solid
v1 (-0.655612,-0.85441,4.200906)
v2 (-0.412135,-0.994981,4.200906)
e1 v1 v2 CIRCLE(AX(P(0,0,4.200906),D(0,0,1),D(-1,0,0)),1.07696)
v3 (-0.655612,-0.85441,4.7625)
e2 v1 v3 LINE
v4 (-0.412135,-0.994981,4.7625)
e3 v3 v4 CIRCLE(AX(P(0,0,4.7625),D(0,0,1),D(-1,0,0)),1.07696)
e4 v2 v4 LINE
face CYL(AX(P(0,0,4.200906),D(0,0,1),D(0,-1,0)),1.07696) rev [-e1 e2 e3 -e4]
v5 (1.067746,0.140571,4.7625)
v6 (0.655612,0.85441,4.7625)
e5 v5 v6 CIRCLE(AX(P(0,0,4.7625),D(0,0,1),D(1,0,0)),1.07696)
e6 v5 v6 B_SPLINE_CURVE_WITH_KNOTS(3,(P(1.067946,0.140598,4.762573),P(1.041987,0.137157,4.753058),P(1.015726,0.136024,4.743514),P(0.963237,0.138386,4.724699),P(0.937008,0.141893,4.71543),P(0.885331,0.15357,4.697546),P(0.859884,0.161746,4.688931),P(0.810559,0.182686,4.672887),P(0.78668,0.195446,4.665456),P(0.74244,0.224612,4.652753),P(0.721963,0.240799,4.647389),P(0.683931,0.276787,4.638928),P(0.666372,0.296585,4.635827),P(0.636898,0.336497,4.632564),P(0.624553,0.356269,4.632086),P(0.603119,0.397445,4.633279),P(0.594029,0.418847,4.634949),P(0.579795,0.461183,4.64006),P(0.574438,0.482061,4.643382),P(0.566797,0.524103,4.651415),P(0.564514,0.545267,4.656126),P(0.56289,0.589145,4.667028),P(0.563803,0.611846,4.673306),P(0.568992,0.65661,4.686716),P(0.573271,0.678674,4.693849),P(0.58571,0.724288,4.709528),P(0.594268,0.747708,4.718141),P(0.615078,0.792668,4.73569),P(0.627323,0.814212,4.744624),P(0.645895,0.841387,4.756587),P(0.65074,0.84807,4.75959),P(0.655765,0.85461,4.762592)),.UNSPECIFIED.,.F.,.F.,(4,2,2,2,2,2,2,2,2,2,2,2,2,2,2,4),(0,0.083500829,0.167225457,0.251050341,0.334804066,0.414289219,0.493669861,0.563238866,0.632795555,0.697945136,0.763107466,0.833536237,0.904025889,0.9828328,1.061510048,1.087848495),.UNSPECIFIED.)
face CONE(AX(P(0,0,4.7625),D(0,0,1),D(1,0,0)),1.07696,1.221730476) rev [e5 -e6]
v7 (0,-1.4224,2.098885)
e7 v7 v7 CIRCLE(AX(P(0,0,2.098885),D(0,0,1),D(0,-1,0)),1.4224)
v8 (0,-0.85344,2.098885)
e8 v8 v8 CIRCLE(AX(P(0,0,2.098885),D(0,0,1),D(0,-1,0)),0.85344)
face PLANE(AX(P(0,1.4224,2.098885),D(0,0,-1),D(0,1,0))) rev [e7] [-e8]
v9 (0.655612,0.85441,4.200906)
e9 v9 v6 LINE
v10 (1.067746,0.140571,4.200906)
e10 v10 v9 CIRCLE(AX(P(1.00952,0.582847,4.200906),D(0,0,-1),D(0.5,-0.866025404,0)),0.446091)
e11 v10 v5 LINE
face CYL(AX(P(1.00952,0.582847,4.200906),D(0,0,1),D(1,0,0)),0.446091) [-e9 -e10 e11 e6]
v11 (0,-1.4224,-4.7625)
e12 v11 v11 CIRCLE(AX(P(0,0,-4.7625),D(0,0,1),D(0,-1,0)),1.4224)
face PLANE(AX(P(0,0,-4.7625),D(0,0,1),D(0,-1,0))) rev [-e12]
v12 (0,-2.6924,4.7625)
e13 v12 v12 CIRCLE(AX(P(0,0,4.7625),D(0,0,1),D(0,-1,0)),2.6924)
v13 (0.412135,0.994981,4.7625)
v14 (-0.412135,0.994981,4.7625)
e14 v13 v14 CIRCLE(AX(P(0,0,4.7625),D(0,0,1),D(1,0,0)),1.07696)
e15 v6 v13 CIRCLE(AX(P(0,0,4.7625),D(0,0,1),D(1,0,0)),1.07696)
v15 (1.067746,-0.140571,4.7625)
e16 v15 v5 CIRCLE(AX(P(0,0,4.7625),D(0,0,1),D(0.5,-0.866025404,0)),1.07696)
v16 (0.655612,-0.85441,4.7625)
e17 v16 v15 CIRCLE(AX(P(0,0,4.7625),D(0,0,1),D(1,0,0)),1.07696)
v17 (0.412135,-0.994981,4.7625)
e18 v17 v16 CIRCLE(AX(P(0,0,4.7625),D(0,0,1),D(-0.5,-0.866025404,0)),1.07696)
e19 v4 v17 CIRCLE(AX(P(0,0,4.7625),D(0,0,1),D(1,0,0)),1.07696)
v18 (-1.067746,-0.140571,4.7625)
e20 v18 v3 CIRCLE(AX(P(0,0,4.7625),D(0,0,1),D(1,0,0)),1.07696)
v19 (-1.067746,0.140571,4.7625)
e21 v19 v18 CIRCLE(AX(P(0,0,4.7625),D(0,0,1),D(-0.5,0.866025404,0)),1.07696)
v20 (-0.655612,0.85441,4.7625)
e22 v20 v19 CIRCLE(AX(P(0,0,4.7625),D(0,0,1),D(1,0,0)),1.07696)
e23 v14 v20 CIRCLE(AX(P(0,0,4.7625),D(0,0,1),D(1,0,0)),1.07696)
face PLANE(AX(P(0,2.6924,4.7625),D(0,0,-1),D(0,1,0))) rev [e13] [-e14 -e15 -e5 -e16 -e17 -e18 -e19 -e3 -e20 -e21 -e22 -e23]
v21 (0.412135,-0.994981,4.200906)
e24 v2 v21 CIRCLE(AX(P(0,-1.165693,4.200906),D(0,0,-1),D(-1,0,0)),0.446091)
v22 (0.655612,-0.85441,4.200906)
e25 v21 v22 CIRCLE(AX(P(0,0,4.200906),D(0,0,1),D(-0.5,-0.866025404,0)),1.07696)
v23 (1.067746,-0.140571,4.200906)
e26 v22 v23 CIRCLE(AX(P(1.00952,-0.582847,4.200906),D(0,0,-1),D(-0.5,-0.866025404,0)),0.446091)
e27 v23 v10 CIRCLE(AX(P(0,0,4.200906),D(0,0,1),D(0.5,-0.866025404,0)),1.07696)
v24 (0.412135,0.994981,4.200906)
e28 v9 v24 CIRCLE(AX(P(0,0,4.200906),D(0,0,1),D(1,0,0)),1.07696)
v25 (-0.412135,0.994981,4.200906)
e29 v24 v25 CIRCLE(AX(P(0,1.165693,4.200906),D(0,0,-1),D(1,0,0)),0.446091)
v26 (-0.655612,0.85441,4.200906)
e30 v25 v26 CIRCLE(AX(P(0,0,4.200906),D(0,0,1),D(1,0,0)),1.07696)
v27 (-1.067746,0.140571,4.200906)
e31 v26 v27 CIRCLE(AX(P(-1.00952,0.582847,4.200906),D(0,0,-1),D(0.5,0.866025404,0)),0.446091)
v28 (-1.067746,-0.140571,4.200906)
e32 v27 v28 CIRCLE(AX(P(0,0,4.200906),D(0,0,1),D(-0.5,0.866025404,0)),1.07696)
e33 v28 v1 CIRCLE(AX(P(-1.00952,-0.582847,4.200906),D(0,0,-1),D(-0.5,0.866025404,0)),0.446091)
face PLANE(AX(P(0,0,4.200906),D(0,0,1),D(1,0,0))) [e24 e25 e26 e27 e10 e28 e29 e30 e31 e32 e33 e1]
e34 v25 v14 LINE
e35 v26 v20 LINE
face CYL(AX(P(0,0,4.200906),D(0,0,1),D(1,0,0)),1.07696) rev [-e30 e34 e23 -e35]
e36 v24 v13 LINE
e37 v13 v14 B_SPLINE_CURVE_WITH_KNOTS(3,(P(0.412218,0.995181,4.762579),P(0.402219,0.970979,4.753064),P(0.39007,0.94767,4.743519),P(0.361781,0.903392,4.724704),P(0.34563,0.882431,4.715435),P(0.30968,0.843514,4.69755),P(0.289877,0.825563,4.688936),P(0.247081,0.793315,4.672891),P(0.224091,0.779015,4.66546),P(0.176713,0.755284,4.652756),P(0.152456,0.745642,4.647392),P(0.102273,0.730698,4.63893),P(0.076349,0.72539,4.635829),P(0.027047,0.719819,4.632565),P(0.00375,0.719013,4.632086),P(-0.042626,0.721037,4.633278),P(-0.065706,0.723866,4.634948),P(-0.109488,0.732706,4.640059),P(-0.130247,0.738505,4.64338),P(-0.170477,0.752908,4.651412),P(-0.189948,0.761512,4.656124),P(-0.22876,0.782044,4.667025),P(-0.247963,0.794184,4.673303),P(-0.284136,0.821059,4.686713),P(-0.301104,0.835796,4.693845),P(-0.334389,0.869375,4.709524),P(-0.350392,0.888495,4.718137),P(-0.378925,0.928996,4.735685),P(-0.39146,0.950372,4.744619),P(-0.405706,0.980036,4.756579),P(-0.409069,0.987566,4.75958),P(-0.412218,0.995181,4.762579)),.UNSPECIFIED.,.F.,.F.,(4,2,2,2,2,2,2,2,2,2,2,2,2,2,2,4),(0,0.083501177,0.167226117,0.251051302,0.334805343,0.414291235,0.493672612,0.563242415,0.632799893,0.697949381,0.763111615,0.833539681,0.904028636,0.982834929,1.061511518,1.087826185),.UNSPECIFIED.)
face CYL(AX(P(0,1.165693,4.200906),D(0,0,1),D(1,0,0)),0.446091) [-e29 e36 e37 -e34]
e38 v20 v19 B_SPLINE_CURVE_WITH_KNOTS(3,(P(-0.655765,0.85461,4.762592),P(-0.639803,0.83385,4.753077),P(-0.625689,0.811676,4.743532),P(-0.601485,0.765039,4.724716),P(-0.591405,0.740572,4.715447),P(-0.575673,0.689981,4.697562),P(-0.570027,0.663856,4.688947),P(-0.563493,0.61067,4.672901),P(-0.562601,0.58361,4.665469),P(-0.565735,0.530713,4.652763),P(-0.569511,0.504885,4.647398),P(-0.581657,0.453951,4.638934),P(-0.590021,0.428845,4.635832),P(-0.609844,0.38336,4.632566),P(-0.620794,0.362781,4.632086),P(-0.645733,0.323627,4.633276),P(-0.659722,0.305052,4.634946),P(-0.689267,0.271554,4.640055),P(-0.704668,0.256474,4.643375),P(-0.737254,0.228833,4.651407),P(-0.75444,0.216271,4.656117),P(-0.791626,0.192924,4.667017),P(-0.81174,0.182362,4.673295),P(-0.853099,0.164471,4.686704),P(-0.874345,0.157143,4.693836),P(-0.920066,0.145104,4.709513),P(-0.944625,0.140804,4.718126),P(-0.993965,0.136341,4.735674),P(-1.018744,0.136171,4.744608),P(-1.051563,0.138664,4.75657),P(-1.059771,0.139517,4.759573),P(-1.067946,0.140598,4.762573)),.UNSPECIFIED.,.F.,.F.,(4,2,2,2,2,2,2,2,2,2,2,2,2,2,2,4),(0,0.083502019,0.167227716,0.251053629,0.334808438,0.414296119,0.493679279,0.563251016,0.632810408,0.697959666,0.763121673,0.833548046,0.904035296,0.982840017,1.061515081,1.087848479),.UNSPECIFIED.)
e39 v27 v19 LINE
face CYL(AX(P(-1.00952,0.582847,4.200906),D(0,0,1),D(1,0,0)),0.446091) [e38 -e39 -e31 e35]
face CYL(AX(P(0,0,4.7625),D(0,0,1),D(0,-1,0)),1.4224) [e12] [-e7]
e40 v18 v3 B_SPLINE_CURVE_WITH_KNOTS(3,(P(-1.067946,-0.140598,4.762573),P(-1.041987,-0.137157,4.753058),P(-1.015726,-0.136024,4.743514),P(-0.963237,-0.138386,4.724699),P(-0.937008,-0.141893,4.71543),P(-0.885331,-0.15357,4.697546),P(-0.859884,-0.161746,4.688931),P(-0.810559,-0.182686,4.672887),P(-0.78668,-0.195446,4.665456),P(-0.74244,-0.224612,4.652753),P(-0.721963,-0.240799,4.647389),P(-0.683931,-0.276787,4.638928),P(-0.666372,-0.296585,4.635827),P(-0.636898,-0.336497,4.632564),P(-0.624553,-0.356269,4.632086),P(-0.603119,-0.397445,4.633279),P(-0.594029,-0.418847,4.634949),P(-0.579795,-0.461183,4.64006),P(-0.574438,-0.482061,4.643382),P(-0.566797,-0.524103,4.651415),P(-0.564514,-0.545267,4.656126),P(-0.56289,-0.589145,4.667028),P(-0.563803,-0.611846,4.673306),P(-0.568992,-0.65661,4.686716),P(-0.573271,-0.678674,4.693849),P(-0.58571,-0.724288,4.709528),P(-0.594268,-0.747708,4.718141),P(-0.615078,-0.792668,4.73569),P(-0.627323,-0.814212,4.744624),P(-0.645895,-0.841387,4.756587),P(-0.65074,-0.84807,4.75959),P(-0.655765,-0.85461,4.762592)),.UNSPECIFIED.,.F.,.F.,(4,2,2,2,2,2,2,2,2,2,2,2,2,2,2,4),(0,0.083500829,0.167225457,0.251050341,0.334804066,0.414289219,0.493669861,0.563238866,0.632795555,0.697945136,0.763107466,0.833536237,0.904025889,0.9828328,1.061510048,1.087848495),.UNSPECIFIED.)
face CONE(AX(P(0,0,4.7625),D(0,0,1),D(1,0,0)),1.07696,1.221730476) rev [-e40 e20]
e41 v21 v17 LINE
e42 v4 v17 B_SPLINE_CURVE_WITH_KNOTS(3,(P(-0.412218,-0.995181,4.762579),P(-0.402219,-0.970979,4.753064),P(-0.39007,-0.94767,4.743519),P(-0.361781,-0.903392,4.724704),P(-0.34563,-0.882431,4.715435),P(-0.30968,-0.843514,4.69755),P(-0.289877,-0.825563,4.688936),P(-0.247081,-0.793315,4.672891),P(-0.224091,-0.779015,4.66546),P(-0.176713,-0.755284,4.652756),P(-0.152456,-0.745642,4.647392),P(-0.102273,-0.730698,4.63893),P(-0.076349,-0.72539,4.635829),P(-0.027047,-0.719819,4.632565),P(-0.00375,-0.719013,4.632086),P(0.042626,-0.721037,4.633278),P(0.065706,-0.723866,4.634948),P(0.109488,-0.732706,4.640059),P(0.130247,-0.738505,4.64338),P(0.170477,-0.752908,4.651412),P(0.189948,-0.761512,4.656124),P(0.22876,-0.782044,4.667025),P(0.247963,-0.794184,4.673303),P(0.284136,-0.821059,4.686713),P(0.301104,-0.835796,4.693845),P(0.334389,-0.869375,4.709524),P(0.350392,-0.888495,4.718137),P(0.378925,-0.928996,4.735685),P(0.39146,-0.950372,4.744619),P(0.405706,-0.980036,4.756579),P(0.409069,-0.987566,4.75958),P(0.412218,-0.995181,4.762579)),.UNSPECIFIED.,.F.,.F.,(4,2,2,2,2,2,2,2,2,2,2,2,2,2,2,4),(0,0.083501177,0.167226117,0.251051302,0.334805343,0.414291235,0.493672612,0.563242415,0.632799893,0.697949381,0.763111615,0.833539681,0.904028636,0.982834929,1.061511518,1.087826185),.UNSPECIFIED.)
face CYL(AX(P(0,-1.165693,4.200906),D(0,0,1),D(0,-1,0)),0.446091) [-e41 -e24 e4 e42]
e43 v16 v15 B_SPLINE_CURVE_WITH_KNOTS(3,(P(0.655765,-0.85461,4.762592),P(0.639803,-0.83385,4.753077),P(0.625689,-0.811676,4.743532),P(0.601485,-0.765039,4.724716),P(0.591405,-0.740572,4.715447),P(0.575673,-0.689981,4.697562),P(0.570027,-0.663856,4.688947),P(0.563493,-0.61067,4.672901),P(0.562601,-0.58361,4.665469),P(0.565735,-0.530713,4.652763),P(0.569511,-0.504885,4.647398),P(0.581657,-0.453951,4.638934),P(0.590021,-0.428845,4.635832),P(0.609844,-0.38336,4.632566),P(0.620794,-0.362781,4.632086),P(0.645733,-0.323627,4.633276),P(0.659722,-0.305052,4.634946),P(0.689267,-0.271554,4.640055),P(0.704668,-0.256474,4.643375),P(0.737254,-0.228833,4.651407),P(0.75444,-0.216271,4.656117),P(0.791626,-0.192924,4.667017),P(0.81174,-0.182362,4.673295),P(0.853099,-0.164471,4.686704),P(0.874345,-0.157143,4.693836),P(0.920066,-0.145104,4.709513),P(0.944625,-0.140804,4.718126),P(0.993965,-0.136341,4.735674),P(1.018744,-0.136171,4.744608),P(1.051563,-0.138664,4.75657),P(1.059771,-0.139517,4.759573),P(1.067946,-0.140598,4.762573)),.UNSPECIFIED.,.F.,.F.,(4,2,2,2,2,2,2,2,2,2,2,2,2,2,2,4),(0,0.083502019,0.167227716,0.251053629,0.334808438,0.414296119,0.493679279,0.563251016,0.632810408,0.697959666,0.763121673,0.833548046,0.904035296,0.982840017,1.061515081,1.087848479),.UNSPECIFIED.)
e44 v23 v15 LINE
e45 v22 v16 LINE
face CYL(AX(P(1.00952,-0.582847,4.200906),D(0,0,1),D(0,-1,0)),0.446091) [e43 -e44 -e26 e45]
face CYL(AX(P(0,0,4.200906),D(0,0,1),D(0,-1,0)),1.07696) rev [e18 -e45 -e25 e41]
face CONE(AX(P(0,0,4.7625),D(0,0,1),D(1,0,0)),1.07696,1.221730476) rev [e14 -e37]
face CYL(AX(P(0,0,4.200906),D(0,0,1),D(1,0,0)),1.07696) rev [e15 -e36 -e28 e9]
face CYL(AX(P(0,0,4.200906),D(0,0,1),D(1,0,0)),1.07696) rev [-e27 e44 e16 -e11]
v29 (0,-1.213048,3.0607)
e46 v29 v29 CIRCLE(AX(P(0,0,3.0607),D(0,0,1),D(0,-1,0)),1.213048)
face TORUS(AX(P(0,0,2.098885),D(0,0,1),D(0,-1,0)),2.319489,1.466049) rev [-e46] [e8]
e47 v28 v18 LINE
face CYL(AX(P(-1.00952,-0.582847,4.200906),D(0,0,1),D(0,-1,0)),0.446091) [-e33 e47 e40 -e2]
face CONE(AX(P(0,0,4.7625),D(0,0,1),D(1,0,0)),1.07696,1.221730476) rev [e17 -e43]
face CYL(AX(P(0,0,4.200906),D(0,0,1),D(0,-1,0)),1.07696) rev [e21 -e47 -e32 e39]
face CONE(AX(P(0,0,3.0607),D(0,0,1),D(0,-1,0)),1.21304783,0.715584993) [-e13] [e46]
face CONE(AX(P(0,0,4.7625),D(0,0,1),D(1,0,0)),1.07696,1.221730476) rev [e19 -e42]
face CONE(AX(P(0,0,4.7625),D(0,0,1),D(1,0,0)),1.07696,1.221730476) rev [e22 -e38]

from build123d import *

# Parameters (mm, degrees)
CUT_EXTRUDE14_DEPTH = 0.561594
CIRPATTERN1_COUNT   = 6


with BuildPart() as part:
    # Sketch3 → Revolve1 (revolve)
    with BuildSketch(Plane(origin=(0, 0, 0), x_dir=(0, 0, -1), z_dir=(1, 0, 0)), mode=Mode.PRIVATE) as revolve1_sk:
        with BuildLine():
            Line((-2.09888517, 1.4224), (-2.09888517, 0.85344))
            ThreePointArc((-2.09888517, 0.85344), (-2.612306429, 0.946281688), (-3.0607, 1.21304783))
            Line((-3.0607, 1.21304783), (-4.7625, 2.6924))
            Line((-4.7625, 2.6924), (-4.7625, 0))
            Line((-4.7625, 0), (4.7625, 0))
            Line((4.7625, 0), (4.7625, 1.4224))
            Line((4.7625, 1.4224), (-2.09888517, 1.4224))
        make_face()
    revolve(revolve1_sk.sketch.rotate(Axis((0, 0, 4.7625), (0, 0, -1)), 180), axis=Axis((0, 0, 4.7625), (0, 0, -1)))

    # Sketch21 → Cut-Extrude14 (cut)
    with BuildSketch(Plane.XY.offset(4.7625)):
        with BuildLine():
            Line((0, 0), (-0.53848, 0.932674719))
            ThreePointArc((-0.53848, 0.932674719), (-0.476327228, 0.965896068), (-0.412134749, 0.994981301))
            ThreePointArc((-0.412134749, 0.994981301), (0, 0.719601666), (0.412134749, 0.994981301))
            ThreePointArc((0.412134749, 0.994981301), (0.476327228, 0.965896068), (0.53848, 0.932674719))
            Line((0.53848, 0.932674719), (0, 0))
        make_face()
    cut_extrude14 = extrude(amount=-CUT_EXTRUDE14_DEPTH, mode=Mode.SUBTRACT)

    # CirPattern1: Cut-Extrude14 ×6 about axis
    cirpattern1_axis = Axis((0, 0, 0), (0, 0, 1))
    for i in range(1, CIRPATTERN1_COUNT):
        add(cut_extrude14.rotate(cirpattern1_axis, i * 360 / CIRPATTERN1_COUNT), mode=Mode.SUBTRACT)

    # Cut-Extrude15 cone 1 section (through the dimple's axis) → Cut-Extrude15 (revolve, cut)
    with BuildSketch(Plane(origin=(0, 0, 4.7625), x_dir=(0, -1, 0), z_dir=(1, 0, 0))):
        Polygon((0, 0), (1.07696, 0), (0, 0.391981383), align=None)
    revolve(axis=Axis((0, 0, 4.7625), (0, 0, -1)), mode=Mode.SUBTRACT)


solid = part.part
